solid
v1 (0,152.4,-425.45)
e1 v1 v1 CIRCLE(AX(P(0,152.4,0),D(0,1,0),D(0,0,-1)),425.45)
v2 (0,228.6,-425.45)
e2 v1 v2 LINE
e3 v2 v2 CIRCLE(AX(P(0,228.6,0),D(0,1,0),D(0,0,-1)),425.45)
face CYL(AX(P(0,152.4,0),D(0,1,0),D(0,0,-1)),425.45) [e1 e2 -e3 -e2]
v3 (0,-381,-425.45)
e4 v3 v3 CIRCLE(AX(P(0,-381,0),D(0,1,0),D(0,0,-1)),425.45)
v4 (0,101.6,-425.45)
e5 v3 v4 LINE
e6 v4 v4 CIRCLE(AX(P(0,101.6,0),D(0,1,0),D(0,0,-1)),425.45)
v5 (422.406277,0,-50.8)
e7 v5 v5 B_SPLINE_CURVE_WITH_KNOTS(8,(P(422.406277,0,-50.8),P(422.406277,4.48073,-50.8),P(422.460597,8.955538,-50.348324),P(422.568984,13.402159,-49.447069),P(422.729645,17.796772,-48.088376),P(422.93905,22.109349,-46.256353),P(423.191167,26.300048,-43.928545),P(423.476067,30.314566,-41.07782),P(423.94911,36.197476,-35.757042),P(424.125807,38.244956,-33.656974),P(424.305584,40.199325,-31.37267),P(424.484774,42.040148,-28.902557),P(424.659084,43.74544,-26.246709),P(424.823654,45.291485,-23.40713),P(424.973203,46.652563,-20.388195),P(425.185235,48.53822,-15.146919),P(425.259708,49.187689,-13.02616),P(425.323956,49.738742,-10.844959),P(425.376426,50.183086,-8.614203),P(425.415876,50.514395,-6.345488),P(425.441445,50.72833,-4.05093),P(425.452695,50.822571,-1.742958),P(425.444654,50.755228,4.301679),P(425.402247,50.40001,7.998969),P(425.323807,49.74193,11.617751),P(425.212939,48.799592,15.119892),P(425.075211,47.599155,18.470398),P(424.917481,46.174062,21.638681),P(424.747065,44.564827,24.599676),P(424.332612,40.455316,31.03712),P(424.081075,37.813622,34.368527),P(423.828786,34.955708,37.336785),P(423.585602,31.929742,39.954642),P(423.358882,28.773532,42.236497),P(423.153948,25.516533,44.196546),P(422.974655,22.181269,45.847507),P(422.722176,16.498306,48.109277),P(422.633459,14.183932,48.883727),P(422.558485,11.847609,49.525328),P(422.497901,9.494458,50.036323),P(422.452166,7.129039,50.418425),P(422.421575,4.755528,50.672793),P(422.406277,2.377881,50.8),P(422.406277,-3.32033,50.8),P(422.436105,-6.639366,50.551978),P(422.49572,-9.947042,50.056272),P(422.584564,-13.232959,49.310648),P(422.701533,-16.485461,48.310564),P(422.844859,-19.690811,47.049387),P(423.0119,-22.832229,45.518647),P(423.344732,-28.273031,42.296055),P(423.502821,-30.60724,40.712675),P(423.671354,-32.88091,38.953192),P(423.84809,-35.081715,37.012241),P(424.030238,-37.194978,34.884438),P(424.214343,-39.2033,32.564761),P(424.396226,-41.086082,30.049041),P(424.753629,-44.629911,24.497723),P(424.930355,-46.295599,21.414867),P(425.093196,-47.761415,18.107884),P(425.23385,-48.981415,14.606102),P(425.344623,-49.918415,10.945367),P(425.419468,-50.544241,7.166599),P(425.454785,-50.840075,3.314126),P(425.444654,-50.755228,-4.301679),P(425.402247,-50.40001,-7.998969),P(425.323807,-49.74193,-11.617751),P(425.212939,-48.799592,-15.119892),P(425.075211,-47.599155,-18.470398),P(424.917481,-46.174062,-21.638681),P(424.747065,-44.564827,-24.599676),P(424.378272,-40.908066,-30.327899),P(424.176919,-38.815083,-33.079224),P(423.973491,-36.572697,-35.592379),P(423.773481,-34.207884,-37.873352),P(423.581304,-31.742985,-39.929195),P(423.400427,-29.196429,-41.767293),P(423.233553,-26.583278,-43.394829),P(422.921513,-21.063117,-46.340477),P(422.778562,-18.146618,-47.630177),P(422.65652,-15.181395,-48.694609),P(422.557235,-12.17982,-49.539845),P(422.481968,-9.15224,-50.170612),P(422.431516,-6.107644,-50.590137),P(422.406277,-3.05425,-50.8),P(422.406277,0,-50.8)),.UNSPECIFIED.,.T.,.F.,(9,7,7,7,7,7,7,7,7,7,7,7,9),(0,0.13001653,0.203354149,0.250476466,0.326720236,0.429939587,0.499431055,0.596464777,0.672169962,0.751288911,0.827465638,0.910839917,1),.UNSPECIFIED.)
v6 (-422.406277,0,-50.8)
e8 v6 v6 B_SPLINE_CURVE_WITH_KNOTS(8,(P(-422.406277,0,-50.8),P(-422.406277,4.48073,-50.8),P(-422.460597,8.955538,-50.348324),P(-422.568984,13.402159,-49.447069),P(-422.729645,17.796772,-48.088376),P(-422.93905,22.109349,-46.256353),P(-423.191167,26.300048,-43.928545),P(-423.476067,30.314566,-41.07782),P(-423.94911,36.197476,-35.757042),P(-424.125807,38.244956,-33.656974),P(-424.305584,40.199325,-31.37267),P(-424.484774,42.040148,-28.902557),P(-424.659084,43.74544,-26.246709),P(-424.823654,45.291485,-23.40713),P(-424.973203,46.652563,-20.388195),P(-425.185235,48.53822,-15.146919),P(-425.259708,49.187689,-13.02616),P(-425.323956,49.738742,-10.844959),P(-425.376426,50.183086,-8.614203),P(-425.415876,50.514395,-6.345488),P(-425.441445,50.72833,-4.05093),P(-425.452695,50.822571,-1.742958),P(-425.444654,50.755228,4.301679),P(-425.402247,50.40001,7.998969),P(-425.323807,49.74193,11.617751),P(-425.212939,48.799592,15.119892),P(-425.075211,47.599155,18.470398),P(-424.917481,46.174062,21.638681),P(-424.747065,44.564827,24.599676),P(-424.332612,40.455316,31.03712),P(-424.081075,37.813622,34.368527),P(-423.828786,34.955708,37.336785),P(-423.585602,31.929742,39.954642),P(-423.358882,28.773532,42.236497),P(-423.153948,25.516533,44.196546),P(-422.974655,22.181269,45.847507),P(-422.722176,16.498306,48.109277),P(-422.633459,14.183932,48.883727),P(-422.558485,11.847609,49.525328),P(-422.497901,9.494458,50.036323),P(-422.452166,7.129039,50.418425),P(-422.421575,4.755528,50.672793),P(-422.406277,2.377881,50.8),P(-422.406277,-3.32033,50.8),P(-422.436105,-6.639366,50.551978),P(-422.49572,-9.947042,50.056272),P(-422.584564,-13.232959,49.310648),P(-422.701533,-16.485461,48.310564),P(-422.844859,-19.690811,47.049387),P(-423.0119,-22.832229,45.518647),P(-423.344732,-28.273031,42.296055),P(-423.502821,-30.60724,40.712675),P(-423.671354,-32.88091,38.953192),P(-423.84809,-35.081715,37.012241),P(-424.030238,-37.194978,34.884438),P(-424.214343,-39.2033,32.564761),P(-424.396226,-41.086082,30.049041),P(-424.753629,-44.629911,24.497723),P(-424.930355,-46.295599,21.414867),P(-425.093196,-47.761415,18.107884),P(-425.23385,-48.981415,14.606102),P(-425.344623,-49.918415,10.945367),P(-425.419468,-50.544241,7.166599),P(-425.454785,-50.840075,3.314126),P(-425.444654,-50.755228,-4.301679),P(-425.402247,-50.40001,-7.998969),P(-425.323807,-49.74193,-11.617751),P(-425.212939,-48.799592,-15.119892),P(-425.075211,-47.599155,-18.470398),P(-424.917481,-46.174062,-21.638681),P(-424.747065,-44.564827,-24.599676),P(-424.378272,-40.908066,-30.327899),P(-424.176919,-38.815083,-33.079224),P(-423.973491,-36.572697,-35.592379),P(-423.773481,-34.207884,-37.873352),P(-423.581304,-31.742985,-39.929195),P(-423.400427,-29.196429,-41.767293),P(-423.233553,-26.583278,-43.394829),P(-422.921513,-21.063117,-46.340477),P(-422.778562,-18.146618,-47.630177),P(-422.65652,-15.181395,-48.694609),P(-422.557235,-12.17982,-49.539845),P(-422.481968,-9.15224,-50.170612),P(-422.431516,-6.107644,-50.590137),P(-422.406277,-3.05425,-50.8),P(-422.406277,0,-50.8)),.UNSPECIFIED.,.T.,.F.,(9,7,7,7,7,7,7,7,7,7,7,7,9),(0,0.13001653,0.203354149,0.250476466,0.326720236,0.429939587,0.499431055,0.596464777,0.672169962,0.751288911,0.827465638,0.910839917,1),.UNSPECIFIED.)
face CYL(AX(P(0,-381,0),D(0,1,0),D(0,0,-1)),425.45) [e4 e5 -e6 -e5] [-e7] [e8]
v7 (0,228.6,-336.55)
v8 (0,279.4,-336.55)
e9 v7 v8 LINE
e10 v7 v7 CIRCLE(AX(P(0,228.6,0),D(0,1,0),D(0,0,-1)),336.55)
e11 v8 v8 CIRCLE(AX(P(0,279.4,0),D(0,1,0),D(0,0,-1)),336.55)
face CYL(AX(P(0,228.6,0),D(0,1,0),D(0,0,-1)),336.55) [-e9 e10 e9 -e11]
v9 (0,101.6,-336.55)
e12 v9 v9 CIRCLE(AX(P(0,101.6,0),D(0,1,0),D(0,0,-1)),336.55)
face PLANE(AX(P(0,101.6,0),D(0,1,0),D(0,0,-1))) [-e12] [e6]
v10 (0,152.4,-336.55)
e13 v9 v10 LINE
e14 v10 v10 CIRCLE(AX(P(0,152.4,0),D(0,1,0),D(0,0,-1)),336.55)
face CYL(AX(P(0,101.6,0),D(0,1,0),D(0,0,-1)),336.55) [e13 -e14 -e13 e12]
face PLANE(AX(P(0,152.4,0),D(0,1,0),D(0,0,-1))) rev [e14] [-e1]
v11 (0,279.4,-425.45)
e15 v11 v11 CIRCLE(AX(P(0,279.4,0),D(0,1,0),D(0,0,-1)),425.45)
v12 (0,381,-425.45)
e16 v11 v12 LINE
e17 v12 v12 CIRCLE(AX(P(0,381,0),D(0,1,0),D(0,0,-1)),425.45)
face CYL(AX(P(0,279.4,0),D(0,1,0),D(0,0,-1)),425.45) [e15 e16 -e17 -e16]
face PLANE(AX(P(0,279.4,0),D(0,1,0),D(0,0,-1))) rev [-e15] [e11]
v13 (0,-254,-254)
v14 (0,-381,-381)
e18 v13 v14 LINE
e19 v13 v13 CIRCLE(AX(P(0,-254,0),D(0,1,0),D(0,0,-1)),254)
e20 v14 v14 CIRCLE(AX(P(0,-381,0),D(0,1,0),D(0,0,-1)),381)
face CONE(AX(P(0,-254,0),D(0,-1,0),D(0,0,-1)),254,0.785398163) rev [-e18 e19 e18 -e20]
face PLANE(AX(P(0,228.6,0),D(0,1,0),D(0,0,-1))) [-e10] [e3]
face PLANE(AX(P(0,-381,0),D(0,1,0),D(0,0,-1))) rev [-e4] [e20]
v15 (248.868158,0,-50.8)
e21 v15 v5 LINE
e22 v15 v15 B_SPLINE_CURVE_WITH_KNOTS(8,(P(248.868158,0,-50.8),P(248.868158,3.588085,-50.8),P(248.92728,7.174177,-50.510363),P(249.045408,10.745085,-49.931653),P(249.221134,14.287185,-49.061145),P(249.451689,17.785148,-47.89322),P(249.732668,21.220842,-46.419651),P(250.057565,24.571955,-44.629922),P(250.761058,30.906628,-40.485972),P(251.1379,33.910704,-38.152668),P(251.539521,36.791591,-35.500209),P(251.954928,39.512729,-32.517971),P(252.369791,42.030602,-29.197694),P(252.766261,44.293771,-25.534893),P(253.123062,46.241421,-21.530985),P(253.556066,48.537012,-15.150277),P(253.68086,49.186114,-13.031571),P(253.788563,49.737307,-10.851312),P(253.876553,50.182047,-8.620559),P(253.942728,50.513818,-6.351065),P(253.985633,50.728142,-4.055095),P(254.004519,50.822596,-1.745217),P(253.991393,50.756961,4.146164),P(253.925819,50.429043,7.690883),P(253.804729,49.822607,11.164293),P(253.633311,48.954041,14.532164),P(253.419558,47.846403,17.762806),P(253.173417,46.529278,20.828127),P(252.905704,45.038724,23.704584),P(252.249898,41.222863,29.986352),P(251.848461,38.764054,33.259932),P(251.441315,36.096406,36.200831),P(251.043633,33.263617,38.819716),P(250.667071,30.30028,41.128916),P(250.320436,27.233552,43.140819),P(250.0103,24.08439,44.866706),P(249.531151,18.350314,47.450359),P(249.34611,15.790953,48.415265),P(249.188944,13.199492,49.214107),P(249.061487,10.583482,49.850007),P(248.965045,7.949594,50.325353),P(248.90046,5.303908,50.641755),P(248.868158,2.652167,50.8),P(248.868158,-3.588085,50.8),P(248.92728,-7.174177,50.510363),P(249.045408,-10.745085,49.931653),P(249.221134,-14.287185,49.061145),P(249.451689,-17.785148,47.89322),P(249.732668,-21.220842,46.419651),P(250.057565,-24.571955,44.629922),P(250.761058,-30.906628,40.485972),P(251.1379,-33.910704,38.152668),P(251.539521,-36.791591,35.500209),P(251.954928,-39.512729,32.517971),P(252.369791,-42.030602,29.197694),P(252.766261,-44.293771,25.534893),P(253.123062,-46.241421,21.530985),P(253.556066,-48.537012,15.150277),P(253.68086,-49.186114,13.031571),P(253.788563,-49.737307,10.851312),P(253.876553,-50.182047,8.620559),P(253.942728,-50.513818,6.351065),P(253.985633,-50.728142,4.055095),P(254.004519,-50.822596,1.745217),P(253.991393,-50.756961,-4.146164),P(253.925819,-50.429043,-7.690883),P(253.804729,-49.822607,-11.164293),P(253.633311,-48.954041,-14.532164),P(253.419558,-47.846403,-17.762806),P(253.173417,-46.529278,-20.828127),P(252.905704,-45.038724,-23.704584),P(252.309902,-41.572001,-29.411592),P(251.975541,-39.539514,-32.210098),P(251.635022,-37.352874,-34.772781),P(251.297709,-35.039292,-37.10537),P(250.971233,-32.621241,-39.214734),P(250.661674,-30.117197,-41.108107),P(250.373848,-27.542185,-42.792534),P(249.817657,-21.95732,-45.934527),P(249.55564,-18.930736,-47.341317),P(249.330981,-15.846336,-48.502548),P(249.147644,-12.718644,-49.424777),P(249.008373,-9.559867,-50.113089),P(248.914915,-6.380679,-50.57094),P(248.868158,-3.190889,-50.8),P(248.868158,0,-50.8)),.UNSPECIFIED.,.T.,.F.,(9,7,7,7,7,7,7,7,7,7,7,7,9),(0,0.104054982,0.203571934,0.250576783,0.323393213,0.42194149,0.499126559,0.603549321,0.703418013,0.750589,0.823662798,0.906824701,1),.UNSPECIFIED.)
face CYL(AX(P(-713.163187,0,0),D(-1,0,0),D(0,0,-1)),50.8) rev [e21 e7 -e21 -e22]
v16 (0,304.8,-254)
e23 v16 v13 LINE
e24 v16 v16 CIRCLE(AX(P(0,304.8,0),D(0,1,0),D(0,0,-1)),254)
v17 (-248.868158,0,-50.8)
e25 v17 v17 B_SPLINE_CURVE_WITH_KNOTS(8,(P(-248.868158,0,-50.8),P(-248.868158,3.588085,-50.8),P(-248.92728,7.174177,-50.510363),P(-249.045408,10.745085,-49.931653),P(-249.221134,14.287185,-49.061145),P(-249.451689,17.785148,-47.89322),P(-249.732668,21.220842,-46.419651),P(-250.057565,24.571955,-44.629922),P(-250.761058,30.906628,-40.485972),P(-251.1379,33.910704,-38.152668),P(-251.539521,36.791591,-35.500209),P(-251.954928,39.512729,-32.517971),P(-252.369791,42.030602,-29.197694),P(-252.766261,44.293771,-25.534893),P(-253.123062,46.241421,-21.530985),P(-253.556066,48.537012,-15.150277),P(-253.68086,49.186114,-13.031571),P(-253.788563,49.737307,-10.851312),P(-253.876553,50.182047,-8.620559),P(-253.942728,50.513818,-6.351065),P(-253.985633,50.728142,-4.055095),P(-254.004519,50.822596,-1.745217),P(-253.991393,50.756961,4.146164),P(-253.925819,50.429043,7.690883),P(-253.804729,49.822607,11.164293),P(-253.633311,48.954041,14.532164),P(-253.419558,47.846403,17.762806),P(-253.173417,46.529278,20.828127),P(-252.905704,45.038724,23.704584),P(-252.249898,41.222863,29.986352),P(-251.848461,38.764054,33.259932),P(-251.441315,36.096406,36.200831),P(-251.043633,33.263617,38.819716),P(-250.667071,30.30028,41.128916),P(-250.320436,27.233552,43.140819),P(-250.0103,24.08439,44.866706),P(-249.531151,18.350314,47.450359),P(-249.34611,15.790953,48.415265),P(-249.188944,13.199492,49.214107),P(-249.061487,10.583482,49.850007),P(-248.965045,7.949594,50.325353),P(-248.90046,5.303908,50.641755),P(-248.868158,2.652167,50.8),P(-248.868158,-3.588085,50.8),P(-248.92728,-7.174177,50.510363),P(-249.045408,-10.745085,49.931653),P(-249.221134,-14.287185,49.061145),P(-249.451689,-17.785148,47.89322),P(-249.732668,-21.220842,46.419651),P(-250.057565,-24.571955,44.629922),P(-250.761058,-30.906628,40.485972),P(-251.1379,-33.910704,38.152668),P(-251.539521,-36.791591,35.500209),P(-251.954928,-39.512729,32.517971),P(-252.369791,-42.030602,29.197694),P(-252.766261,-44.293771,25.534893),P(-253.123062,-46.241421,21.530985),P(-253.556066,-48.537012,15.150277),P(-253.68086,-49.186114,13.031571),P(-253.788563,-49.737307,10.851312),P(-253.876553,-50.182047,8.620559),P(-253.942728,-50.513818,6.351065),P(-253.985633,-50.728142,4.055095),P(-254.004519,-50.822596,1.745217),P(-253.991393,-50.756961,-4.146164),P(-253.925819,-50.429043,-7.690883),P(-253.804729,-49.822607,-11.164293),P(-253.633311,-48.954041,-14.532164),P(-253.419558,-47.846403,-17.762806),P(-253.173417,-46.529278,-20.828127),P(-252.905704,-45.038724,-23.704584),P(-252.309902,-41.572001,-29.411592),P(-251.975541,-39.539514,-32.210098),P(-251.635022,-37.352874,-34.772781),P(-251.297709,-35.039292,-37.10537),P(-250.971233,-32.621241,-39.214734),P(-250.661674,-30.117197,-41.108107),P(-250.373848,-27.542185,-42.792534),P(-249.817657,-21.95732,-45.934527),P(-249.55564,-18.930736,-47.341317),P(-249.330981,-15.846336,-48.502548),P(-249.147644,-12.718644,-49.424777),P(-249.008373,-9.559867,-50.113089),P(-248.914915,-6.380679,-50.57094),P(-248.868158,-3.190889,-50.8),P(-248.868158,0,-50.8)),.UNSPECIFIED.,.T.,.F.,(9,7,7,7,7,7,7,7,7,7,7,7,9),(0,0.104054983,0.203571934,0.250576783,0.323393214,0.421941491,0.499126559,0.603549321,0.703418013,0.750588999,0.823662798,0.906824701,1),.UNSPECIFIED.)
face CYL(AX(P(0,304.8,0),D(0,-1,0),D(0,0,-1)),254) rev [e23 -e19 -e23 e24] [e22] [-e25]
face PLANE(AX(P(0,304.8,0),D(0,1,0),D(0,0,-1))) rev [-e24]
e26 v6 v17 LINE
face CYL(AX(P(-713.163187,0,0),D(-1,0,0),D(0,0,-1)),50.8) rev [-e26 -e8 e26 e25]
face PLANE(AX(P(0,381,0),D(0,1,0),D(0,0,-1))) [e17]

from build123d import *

# Parameters (mm, degrees)
CUT_EXTRUDE1_DEPTH      = 713.163187058
CUT_EXTRUDE1_DEPTH_BACK = 713.163187058
SKETCH4_R               = 50.8


with BuildPart() as part:
    # Sketch3 → Revolve1 (revolve)
    with BuildSketch(Plane.XY, mode=Mode.PRIVATE) as revolve1_sk:
        Polygon((0, 381), (0, 304.8), (-254, 304.8), (-254, -254), (-381, -381), (-425.45, -381), (-425.45, 101.6), (-336.55, 101.6), (-336.55, 152.4), (-425.45, 152.4), (-425.45, 228.6), (-336.55, 228.6), (-336.55, 279.4), (-425.45, 279.4), (-425.45, 381), align=None)
    revolve(revolve1_sk.sketch.rotate(Axis((0, -381, 0), (0, 1, 0)), 270), axis=Axis((0, -381, 0), (0, 1, 0)))

    # Sketch4 → Cut-Extrude1 (cut, two sides: drawn at the far end of the back side and taken through both)
    with BuildSketch(Plane(origin=(0, 0, 0), x_dir=(0, 0, -1), z_dir=(1, 0, 0)).offset(-CUT_EXTRUDE1_DEPTH_BACK)):
        Circle(SKETCH4_R)
    extrude(amount=CUT_EXTRUDE1_DEPTH + CUT_EXTRUDE1_DEPTH_BACK, mode=Mode.SUBTRACT)


solid = part.part
